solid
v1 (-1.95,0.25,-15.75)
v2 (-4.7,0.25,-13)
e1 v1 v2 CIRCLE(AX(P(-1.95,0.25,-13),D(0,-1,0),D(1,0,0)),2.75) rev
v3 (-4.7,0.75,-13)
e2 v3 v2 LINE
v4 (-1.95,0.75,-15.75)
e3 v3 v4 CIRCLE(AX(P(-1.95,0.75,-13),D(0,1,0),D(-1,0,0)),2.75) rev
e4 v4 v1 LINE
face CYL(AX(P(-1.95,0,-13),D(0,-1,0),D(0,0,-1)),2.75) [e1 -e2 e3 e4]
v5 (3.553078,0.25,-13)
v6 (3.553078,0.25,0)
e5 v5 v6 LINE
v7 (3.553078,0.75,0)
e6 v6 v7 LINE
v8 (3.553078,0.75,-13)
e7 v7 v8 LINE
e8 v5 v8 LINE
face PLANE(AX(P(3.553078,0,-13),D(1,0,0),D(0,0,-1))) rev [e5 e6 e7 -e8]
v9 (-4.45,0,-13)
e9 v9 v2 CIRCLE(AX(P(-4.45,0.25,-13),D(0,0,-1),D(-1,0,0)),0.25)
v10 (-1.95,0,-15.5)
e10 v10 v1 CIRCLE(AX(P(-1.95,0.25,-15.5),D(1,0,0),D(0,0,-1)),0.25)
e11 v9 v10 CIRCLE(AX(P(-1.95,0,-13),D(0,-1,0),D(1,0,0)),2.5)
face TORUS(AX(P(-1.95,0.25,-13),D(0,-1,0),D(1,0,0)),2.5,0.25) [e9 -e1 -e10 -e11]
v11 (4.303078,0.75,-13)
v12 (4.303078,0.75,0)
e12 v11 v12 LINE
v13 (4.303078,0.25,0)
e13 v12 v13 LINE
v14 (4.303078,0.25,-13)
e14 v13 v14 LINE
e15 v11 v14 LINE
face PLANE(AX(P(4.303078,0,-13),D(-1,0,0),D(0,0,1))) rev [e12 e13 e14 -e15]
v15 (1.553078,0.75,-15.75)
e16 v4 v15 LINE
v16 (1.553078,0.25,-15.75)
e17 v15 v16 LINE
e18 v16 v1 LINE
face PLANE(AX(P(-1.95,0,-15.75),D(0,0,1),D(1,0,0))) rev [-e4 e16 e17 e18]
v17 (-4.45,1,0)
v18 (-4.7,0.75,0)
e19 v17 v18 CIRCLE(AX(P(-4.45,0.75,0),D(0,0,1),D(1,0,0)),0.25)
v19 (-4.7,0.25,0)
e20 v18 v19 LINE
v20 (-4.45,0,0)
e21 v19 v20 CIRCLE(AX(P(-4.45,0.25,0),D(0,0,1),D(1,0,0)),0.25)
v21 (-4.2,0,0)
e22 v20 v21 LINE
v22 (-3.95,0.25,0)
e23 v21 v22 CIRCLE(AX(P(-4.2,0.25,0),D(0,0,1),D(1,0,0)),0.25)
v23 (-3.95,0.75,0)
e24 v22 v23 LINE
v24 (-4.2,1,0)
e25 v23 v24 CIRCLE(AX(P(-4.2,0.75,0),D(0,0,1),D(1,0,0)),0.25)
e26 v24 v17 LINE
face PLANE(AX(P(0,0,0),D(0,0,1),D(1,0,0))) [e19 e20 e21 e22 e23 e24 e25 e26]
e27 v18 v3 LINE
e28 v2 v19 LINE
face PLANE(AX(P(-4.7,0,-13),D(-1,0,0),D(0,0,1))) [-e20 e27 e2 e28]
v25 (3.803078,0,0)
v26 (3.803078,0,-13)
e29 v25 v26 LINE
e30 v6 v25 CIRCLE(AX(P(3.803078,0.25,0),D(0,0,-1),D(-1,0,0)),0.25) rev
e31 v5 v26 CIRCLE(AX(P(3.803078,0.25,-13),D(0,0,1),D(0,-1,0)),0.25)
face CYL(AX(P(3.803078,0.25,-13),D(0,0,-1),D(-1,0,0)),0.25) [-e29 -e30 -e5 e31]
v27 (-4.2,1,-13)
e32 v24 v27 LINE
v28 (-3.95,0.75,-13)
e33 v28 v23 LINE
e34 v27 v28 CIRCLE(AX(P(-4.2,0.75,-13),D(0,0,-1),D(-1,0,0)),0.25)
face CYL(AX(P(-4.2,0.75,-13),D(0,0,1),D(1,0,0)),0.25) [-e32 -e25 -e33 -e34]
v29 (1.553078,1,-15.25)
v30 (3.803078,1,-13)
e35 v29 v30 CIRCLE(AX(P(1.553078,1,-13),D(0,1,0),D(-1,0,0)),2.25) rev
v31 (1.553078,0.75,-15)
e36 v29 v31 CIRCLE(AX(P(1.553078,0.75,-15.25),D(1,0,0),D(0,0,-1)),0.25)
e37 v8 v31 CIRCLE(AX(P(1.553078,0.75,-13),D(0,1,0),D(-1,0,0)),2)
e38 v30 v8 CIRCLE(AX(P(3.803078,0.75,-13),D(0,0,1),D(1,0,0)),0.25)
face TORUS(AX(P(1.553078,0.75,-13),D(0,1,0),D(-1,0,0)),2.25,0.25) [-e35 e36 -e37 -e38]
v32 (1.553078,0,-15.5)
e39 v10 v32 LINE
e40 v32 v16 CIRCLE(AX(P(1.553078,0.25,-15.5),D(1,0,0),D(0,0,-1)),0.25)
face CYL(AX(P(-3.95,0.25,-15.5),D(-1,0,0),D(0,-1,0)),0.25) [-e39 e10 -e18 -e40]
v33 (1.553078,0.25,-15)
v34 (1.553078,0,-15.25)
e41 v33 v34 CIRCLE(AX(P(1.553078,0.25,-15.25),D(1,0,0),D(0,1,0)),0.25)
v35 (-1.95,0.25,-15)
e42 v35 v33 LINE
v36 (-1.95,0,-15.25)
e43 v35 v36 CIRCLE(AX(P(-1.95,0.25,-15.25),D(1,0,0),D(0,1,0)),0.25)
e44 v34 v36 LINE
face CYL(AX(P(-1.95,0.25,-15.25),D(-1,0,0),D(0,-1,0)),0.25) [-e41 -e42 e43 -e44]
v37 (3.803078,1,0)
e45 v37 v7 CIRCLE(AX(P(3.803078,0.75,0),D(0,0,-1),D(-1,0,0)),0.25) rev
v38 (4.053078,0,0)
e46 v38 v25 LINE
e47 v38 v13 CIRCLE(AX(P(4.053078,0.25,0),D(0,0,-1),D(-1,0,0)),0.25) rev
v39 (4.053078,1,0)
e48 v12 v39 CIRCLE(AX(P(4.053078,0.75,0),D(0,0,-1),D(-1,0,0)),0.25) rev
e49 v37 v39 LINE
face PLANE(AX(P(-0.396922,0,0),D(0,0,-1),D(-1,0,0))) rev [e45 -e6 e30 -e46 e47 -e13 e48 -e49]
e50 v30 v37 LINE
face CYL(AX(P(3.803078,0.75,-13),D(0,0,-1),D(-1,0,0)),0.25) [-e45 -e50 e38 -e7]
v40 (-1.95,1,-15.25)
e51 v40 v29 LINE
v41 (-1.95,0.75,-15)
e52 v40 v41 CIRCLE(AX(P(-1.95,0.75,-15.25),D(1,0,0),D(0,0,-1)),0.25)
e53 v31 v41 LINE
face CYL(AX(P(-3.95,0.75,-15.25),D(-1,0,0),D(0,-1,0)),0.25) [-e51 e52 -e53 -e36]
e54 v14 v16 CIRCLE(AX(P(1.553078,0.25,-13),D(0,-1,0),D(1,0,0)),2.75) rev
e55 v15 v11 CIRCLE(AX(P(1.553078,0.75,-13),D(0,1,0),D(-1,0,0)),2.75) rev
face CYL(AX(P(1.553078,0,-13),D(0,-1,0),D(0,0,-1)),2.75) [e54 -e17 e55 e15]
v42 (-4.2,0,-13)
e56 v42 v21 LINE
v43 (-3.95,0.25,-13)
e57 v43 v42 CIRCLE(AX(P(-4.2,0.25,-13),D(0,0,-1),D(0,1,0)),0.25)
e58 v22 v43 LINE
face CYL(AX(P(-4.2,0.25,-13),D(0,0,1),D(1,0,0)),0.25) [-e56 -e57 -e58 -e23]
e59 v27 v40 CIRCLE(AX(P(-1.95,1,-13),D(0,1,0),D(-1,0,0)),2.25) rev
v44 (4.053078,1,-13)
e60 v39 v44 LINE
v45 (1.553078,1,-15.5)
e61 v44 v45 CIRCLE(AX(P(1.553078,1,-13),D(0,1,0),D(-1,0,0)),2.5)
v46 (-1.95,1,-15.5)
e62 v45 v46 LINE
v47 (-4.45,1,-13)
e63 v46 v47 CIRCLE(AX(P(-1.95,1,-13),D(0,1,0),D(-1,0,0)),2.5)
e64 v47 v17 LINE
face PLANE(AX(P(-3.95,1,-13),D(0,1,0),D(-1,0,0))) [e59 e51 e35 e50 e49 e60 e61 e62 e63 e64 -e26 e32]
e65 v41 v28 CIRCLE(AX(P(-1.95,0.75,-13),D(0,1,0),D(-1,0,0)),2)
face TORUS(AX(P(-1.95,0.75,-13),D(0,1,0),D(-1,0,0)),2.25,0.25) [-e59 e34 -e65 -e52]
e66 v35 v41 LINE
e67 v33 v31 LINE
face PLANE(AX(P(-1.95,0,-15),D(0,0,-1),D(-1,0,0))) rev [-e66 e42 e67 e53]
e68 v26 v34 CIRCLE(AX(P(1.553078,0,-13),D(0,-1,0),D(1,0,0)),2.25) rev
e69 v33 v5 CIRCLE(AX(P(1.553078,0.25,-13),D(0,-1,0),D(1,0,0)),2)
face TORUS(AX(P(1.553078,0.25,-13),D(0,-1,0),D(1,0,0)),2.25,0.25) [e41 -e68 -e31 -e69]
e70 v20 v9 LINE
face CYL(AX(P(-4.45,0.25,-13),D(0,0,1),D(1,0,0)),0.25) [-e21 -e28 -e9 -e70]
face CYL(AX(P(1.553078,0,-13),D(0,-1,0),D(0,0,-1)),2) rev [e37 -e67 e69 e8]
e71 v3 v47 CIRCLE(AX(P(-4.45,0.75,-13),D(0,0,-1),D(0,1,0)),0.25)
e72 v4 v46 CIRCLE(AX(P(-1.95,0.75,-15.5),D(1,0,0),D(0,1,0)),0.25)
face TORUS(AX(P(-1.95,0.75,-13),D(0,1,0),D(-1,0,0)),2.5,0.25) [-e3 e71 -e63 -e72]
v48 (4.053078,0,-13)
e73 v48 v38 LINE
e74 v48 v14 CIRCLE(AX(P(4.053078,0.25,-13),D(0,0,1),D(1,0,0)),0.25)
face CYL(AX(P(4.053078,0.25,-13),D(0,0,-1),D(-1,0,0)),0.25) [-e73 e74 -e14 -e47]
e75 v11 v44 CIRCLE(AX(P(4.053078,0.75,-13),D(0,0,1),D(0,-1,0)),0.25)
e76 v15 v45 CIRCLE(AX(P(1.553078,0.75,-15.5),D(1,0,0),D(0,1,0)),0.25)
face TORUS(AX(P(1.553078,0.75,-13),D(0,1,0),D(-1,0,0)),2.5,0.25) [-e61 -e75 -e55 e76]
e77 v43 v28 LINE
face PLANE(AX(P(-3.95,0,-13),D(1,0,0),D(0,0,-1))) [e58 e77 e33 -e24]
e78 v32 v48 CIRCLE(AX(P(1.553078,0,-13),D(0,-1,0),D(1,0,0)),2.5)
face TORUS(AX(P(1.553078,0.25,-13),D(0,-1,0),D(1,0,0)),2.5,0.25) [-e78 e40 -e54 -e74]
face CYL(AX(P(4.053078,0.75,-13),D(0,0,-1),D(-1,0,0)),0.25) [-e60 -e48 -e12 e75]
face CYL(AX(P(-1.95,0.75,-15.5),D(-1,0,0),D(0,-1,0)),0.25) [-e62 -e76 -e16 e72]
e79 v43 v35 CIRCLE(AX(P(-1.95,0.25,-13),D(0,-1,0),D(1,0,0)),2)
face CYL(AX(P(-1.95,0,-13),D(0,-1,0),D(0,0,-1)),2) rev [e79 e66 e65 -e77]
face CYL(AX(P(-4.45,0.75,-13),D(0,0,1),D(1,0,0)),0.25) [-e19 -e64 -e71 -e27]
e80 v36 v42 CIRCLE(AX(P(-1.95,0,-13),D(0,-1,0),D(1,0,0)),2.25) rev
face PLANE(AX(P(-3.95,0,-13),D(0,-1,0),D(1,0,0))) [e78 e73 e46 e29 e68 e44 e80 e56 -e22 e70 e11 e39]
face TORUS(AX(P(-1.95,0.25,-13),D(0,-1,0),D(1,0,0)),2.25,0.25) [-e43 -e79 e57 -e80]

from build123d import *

# Parameters (mm, degrees)
SKETCH2_W = 0.75
SKETCH2_H = 1
FILLET1_R = 0.25


with BuildPart() as part:
    # Sweep1: sweep along a path in Sketch1
    with BuildLine(Plane(origin=(0, 0, 0), x_dir=(1, 0, 0), z_dir=(0, 1, 0))) as sweep1_path:
        Line((-3.95, 0), (-3.95, 13))
        ThreePointArc((-3.95, 13), (-3.364213562, 14.414213562), (-1.95, 15))
        Line((-1.95, 15), (1.553078387, 15))
        ThreePointArc((1.553078387, 15), (2.96729195, 14.414213562), (3.553078387, 13))
        Line((3.553078387, 13), (3.553078387, 0))
    # Sketch2 → Sweep1 (sweep)
    with BuildSketch(Plane.XY):
        with Locations((-4.325, 0.5)):
            Rectangle(SKETCH2_W, SKETCH2_H)
    sweep(path=sweep1_path.line)

    # Fillet1
    fillet1_edges = [part.edges().sort_by_distance(p)[0] for p in [
        (-3.364213562, 1, -14.414213562),
        (-3.894543648, 1, -14.944543648),
        (-3.894543648, 0, -14.944543648),
        (-3.364213562, 0, -14.414213562),
        (-0.198460806, 1, -15),
        (-0.198460806, 1, -15.75),
        (-0.198460806, 0, -15.75),
        (-0.198460806, 0, -15),
        (2.96729195, 1, -14.414213562),
        (3.497622036, 1, -14.944543648),
        (3.497622036, 0, -14.944543648),
        (2.96729195, 0, -14.414213562),
        (3.553078387, 1, -6.5),
        (4.303078387, 1, -6.5),
        (4.303078387, 0, -6.5),
        (3.553078387, 0, -6.5),
        (-3.95, 0, -6.5),
        (-4.7, 0, -6.5),
        (-4.7, 1, -6.5),
        (-3.95, 1, -6.5),
    ]]
    fillet(fillet1_edges, radius=FILLET1_R)


solid = part.part
